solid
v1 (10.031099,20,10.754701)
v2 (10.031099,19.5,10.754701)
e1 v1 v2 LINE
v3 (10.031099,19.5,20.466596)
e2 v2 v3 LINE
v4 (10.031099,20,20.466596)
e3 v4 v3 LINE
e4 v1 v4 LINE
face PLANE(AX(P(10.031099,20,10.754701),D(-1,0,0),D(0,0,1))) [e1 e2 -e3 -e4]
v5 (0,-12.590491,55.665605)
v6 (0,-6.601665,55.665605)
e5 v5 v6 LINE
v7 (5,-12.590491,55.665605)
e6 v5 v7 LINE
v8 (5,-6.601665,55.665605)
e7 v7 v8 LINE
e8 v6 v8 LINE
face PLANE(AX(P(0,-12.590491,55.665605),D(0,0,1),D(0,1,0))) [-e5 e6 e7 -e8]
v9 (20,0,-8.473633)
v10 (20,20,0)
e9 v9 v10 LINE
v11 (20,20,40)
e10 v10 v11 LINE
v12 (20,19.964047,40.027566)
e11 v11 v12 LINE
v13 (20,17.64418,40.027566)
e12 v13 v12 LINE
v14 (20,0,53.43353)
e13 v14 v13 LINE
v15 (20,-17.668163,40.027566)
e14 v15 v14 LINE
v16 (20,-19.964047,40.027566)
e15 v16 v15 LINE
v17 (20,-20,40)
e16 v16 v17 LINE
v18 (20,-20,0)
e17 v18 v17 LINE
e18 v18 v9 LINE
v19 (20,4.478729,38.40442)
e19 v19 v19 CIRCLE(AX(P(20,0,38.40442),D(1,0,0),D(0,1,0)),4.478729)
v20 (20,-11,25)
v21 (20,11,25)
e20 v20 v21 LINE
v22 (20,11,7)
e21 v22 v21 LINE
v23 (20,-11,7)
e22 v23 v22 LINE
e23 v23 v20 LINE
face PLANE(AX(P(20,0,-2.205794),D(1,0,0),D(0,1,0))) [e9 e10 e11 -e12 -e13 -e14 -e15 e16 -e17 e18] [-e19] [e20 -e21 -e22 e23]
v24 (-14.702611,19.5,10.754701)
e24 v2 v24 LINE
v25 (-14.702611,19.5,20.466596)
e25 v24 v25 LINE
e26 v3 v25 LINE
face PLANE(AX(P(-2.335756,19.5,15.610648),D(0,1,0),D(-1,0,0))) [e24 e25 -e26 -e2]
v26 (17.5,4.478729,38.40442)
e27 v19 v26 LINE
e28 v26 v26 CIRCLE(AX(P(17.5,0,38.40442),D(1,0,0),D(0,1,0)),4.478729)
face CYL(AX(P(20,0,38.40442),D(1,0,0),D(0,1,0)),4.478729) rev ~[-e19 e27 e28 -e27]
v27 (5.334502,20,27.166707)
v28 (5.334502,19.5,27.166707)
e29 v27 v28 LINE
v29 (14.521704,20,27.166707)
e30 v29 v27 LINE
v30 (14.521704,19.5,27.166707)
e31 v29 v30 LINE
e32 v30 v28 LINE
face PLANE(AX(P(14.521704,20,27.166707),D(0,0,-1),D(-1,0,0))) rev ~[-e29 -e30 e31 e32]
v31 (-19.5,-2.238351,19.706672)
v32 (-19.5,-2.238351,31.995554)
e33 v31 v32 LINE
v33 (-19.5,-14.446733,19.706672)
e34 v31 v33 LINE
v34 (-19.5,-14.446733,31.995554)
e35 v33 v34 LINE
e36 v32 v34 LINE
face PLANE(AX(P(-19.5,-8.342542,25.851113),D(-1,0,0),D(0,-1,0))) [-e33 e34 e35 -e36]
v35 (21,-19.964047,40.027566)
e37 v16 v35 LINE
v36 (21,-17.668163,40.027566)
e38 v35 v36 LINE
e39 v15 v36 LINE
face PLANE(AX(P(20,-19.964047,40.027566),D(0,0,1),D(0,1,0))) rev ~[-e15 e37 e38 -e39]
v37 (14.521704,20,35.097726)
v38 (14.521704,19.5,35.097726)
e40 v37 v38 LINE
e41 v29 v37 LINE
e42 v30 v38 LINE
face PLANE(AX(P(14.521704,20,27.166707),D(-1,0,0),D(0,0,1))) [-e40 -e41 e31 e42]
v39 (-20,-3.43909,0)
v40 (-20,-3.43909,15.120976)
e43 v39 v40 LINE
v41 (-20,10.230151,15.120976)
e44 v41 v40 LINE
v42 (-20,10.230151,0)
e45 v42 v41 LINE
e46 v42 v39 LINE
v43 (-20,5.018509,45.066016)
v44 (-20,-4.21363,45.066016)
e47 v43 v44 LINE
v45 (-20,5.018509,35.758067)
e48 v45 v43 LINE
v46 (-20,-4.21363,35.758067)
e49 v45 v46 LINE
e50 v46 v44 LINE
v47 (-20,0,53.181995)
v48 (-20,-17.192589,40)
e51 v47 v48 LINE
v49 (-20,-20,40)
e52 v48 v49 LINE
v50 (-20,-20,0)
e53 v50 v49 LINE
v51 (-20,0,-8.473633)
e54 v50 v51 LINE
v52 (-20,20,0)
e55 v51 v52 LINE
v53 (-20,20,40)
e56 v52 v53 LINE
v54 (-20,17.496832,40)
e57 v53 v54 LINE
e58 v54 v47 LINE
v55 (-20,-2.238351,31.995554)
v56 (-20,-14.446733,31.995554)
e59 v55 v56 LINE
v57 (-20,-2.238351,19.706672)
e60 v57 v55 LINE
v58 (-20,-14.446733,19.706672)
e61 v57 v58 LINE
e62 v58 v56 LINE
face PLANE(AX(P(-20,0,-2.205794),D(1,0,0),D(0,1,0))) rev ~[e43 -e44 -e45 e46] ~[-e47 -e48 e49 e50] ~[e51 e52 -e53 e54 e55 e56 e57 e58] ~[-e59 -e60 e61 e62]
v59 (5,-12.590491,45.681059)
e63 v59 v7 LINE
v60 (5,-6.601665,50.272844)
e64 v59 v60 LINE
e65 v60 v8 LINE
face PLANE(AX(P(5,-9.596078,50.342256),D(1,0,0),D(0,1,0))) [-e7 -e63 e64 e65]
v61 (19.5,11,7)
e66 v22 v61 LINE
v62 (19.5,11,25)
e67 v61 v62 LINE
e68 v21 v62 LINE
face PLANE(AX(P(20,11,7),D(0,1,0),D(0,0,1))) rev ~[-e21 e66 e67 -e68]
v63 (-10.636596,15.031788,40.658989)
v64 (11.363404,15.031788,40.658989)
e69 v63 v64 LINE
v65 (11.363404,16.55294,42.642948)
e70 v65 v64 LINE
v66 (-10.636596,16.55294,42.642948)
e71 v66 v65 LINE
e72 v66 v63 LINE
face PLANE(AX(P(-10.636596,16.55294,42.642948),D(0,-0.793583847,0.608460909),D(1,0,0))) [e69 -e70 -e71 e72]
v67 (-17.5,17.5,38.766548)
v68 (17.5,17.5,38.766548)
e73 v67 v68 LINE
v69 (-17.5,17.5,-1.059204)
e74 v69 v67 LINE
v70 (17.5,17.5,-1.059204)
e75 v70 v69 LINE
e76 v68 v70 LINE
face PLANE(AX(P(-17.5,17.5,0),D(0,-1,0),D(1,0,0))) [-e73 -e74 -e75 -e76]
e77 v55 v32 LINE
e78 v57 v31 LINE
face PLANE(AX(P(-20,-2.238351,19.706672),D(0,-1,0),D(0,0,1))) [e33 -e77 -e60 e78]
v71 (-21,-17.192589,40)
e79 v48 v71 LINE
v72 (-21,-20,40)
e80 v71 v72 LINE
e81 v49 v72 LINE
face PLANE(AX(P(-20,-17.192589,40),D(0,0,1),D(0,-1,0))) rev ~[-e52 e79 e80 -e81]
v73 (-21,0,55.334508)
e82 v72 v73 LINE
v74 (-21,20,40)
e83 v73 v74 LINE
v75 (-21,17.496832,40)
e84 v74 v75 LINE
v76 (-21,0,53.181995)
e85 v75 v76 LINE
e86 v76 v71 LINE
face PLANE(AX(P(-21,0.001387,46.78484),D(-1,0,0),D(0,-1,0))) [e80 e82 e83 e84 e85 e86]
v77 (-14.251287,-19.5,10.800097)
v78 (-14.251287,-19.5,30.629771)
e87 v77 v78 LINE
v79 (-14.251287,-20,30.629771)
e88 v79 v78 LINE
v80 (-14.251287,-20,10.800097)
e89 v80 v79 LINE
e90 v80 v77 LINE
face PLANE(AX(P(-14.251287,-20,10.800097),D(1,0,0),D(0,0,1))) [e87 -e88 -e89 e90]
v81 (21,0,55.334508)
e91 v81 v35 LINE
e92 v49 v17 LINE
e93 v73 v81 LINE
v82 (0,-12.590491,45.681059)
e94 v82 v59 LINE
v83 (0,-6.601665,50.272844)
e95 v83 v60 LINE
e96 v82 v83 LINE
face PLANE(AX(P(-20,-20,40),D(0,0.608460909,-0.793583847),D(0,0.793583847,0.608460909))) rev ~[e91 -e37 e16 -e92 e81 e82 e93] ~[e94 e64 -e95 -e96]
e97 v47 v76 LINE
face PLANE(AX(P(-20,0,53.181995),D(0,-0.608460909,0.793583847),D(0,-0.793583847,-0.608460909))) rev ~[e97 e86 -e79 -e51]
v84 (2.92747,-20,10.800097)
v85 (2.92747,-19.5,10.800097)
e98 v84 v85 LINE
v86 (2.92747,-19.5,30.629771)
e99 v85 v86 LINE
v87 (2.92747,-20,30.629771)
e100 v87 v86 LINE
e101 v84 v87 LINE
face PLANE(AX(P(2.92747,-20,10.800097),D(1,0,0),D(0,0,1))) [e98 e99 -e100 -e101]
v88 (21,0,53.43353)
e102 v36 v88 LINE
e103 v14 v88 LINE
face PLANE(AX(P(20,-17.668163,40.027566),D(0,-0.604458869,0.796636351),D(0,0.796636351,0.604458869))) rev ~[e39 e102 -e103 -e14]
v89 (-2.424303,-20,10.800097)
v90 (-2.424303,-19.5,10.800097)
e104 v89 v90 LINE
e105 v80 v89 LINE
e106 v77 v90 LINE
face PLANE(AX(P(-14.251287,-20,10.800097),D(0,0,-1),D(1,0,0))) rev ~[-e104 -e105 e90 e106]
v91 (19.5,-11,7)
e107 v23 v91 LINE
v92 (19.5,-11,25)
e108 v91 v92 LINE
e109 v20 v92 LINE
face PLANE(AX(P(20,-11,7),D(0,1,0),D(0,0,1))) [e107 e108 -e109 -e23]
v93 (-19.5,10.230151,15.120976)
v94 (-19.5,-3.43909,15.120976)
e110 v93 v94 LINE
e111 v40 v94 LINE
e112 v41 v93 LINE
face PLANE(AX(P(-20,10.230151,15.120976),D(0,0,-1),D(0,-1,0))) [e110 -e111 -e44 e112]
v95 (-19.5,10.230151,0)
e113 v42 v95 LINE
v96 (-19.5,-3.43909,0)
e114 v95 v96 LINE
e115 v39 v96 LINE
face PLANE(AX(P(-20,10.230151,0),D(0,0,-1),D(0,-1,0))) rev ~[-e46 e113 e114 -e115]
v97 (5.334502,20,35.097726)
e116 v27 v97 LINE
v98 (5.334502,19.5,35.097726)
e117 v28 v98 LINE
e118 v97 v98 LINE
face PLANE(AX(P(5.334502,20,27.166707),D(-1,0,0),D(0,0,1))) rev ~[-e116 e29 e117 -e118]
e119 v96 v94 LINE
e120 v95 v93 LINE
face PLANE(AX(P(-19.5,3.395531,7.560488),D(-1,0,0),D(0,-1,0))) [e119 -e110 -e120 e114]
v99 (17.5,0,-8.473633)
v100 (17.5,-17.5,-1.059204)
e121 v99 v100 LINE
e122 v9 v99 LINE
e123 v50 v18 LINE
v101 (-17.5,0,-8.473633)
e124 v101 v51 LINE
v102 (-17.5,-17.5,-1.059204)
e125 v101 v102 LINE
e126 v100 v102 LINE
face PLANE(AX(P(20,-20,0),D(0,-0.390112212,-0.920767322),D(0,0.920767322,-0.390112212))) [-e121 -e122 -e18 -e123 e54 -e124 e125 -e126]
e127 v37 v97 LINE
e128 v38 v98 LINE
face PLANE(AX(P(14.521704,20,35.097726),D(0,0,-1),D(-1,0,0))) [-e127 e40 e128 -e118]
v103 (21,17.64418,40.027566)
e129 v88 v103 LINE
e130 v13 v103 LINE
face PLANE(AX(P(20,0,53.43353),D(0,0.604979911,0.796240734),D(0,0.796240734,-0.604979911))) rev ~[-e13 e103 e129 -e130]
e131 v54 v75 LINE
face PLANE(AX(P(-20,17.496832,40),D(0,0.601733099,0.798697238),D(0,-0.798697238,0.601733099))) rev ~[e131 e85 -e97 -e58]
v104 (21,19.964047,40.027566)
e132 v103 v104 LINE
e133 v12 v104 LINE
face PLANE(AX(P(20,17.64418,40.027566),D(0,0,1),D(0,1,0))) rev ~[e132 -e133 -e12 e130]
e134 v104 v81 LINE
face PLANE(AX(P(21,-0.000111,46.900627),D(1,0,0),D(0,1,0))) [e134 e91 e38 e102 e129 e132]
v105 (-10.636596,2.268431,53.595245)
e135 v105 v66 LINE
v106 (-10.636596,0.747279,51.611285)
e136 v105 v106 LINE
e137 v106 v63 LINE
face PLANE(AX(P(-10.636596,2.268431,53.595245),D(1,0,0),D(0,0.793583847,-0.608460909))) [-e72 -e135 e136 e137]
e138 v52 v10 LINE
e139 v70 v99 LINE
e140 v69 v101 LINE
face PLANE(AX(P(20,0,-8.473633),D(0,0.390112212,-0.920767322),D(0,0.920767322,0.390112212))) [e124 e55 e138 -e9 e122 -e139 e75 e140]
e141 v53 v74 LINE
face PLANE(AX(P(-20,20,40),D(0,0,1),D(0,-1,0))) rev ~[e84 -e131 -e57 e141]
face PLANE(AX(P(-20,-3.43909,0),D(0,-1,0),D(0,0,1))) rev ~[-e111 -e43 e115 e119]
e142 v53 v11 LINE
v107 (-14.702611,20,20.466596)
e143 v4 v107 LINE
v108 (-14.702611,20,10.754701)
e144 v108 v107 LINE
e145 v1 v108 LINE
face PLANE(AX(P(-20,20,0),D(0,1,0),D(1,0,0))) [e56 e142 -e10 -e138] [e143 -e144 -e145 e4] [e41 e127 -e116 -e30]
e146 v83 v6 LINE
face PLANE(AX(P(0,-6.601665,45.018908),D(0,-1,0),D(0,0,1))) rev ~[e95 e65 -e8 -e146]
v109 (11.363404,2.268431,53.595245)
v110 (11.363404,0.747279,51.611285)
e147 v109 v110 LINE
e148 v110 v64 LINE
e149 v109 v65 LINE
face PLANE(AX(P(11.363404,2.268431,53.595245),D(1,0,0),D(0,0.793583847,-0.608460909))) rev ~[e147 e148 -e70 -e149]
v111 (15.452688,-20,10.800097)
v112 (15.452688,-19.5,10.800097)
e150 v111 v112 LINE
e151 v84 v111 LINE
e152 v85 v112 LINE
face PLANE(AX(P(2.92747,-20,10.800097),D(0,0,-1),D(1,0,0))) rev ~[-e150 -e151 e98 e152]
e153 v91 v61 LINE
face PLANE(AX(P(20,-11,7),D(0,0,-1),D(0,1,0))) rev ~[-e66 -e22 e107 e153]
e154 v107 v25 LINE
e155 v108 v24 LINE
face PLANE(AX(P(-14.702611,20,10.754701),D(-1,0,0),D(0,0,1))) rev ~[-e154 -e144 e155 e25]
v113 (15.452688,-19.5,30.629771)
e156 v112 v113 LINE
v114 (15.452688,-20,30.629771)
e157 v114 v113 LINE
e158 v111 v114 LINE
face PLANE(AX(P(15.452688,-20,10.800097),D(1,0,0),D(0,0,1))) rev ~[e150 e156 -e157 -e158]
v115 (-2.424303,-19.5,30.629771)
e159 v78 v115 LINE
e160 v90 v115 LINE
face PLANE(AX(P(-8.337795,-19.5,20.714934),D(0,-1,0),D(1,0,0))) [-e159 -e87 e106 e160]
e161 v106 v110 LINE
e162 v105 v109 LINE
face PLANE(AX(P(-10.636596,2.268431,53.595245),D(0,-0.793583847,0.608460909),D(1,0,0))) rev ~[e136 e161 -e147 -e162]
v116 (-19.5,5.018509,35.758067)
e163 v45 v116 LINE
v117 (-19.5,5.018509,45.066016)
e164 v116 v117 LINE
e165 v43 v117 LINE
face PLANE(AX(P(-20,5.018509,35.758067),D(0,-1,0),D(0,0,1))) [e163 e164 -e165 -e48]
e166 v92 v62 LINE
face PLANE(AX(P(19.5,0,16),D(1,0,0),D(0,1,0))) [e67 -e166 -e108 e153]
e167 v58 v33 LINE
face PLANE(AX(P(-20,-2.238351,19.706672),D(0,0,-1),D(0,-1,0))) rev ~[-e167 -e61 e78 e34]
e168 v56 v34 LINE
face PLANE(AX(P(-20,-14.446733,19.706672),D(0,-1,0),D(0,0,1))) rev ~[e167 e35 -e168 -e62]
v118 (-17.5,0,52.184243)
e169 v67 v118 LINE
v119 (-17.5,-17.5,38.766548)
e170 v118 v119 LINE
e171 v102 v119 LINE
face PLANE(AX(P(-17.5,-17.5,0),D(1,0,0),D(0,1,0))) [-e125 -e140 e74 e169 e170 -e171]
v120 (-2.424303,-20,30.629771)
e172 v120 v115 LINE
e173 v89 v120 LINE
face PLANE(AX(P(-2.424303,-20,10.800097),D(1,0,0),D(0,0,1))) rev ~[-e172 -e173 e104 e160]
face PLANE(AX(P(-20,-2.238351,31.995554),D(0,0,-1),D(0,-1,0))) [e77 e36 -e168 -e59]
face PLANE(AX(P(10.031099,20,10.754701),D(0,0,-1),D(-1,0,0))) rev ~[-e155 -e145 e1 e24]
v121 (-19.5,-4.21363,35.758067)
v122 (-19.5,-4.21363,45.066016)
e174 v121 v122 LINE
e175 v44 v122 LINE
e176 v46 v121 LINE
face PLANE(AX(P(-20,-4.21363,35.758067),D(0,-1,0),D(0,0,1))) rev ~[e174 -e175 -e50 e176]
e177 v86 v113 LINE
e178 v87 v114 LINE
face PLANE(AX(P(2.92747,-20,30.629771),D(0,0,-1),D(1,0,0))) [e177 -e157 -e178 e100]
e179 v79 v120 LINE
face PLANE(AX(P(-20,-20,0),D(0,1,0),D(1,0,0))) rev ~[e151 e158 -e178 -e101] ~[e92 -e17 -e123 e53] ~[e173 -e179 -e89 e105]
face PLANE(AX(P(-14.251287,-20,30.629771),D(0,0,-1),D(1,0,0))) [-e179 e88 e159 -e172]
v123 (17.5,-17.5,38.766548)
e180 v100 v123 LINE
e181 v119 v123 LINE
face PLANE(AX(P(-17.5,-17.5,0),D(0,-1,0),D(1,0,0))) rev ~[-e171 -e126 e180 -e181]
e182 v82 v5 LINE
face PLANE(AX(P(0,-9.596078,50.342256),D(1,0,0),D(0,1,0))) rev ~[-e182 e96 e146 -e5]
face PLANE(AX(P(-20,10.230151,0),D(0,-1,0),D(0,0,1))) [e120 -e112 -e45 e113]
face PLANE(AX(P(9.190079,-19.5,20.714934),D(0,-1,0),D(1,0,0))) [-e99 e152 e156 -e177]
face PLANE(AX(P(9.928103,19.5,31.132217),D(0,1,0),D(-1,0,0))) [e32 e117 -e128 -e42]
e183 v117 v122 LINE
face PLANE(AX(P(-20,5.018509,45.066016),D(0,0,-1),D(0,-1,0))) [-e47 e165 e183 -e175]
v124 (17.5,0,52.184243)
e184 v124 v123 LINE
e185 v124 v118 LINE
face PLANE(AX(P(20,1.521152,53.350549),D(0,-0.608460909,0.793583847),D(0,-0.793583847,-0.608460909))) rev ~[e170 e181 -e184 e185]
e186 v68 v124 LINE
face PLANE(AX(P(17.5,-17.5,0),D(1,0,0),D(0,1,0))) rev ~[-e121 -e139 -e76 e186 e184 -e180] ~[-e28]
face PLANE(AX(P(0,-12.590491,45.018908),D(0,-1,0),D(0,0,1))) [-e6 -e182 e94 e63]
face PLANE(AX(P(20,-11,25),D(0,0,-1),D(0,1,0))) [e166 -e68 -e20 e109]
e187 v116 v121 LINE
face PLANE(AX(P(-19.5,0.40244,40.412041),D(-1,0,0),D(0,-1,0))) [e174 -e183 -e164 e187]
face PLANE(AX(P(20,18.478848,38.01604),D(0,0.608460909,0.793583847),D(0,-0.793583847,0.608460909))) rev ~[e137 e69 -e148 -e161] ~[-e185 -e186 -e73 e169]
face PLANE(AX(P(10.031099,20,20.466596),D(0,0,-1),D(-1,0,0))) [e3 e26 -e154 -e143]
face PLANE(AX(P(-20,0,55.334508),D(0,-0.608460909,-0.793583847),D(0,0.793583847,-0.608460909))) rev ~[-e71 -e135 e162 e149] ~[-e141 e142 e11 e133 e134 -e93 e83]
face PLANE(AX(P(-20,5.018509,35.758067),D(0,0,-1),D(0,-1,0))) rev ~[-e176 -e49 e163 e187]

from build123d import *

# Parameters (mm, degrees)
F1_W      = 40
F1_H      = 40
F2_DEPTH  = 40
F5_DEPTH  = 40
F6_T      = -2.5
F4_W      = 22
F4_H      = 18
F7_DEPTH  = 0.5
F8_DEPTH  = 40
F9_W      = 35
F9_H      = 35
F10_DEPTH = 25
F11_W     = 22
F11_H     = 18
F12_DEPTH = 2.5
F13_W     = 5.9888265096
F13_H     = 10.6466971338
F14_DEPTH = 5
F15_DEPTH = 5
F17_DEPTH = 1
F18_W     = 9.2321382836
F18_H     = 9.3079488724
F18_W_2   = 12.2083812021
F18_H_2   = 12.2888814658
F18_W_3   = 13.6692405213
F18_H_3   = 15.1209759388
F19_DEPTH = 0.5
F20_DEPTH = 1
F21_W     = 9.1872019693
F21_H     = 7.9310182482
F21_W_2   = 24.7337101027
F21_H_2   = 9.711895138
F22_DEPTH = 0.5
F23_W     = 11.8269838858
F23_H     = 19.8296736926
F23_W_2   = 12.5252173748
F24_DEPTH = 0.5
F16_R     = 4.4787293466
F25_DEPTH = 2.5


with BuildPart() as f2:
    # F1 (on Top) → F2 (new body)
    with BuildSketch(Plane.XY):
        Rectangle(F1_W, F1_H)
    extrude(amount=F2_DEPTH)

    # F3 (on face) → F5 (join)
    with BuildSketch(Plane.YZ.offset(20)):
        Polygon((0, 55.334508419), (-20, 40), (20, 40), align=None)
    extrude(amount=-F5_DEPTH)

    # F6
    f6_openings = [f2.faces().sort_by_distance(p)[0] for p in [
        (0, 0, 0),
    ]]
    offset(amount=F6_T, openings=f6_openings)

    # F4 (on face) → F7 (cut)
    with BuildSketch(Plane.YZ.offset(20)):
        with Locations((0, 16)):
            Rectangle(F4_W, F4_H)
    extrude(amount=-F7_DEPTH, mode=Mode.SUBTRACT)

    # F3 (on face) → F8 (join)
    with BuildSketch(Plane.YZ.offset(20)):
        Polygon((20, 0), (-20, 0), (0, -8.4736328572), align=None)
    extrude(amount=-F8_DEPTH)

    # F9 (on Top) → F10 (cut)
    with BuildSketch(Plane.XY):
        Rectangle(F9_W, F9_H)
    extrude(amount=-F10_DEPTH, mode=Mode.SUBTRACT)

    # F11 (on face) → F12 (cut)
    with BuildSketch(Plane(origin=(0, 26.7190835157, 34.848307863), x_dir=(1, 0, 0), z_dir=(0, 0.6084609091, 0.7935838469))):
        with Locations((0.3634039909, -21.8104213327)):
            Rectangle(F11_W, F11_H)
    extrude(amount=-F12_DEPTH, mode=Mode.SUBTRACT)

    # F13 (on Right) → F14 (join)
    with BuildSketch(Plane.YZ):
        with Locations((-9.5960779581, 50.3422562033)):
            Rectangle(F13_W, F13_H)
    extrude(amount=F14_DEPTH)

    # F15 (cut): a face of the model
    f15_faces = [f2.faces().sort_by_distance(p)[0] for p in [
        (5, -7.5162341361, 45.7201312697),
    ]]
    extrude(f15_faces, amount=-F15_DEPTH, mode=Mode.SUBTRACT)

    # F16 (on face) → F17 (join)
    with BuildSketch(Plane.YZ.offset(20)):
        Polygon((0, 55.334508419), (-19.9640467717, 40.0275662541), (-17.6681634039, 40.0275662541), (0, 53.4335300326), (17.6441799849, 40.0275662541), (19.9640467717, 40.0275662541), align=None)
    extrude(amount=F17_DEPTH)

    # F18 (on face) → F19 (cut)
    with BuildSketch(Plane(origin=(-20, 0, 0), x_dir=(0, -1, 0), z_dir=(-1, 0, 0))):
        with Locations((-0.4024395021, 40.4120413586)):
            Rectangle(F18_W, F18_H)
        with Locations((8.3425419871, 25.8511127904)):
            Rectangle(F18_W_2, F18_H_2)
        with Locations((-3.3955307445, 7.5604879694)):
            Rectangle(F18_W_3, F18_H_3)
    extrude(amount=-F19_DEPTH, mode=Mode.SUBTRACT)

    # F18 (on face) → F20 (join)
    with BuildSketch(Plane(origin=(-20, 0, 0), x_dir=(0, -1, 0), z_dir=(-1, 0, 0))):
        Polygon((0, 55.334508419), (-20, 40), (-17.4968317151, 40), (0, 53.1819947064), (17.1925885671, 40), (20, 40), align=None)
    extrude(amount=F20_DEPTH)

    # F21 (on face) → F22 (cut)
    with BuildSketch(Plane(origin=(0, 20, 0), x_dir=(-1, 0, 0), z_dir=(0, 1, 0))):
        with Locations((-9.9281030707, 31.1322165653)):
            Rectangle(F21_W, F21_H)
        with Locations((2.3357556202, 15.6106483191)):
            Rectangle(F21_W_2, F21_H_2)
    extrude(amount=-F22_DEPTH, mode=Mode.SUBTRACT)

    # F23 (on face) → F24 (cut)
    with BuildSketch(Plane.XZ.offset(20)):
        with Locations((-8.3377951523, 20.714933984)):
            Rectangle(F23_W, F23_H)
        with Locations((9.1900789412, 20.714933984)):
            Rectangle(F23_W_2, F23_H)
    extrude(amount=-F24_DEPTH, mode=Mode.SUBTRACT)

    # F16 (on face) → F25 (cut)
    with BuildSketch(Plane.YZ.offset(20)):
        with Locations((0, 38.4044200182)):
            Circle(F16_R)
    extrude(amount=-F25_DEPTH, mode=Mode.SUBTRACT)


solid = f2.part
